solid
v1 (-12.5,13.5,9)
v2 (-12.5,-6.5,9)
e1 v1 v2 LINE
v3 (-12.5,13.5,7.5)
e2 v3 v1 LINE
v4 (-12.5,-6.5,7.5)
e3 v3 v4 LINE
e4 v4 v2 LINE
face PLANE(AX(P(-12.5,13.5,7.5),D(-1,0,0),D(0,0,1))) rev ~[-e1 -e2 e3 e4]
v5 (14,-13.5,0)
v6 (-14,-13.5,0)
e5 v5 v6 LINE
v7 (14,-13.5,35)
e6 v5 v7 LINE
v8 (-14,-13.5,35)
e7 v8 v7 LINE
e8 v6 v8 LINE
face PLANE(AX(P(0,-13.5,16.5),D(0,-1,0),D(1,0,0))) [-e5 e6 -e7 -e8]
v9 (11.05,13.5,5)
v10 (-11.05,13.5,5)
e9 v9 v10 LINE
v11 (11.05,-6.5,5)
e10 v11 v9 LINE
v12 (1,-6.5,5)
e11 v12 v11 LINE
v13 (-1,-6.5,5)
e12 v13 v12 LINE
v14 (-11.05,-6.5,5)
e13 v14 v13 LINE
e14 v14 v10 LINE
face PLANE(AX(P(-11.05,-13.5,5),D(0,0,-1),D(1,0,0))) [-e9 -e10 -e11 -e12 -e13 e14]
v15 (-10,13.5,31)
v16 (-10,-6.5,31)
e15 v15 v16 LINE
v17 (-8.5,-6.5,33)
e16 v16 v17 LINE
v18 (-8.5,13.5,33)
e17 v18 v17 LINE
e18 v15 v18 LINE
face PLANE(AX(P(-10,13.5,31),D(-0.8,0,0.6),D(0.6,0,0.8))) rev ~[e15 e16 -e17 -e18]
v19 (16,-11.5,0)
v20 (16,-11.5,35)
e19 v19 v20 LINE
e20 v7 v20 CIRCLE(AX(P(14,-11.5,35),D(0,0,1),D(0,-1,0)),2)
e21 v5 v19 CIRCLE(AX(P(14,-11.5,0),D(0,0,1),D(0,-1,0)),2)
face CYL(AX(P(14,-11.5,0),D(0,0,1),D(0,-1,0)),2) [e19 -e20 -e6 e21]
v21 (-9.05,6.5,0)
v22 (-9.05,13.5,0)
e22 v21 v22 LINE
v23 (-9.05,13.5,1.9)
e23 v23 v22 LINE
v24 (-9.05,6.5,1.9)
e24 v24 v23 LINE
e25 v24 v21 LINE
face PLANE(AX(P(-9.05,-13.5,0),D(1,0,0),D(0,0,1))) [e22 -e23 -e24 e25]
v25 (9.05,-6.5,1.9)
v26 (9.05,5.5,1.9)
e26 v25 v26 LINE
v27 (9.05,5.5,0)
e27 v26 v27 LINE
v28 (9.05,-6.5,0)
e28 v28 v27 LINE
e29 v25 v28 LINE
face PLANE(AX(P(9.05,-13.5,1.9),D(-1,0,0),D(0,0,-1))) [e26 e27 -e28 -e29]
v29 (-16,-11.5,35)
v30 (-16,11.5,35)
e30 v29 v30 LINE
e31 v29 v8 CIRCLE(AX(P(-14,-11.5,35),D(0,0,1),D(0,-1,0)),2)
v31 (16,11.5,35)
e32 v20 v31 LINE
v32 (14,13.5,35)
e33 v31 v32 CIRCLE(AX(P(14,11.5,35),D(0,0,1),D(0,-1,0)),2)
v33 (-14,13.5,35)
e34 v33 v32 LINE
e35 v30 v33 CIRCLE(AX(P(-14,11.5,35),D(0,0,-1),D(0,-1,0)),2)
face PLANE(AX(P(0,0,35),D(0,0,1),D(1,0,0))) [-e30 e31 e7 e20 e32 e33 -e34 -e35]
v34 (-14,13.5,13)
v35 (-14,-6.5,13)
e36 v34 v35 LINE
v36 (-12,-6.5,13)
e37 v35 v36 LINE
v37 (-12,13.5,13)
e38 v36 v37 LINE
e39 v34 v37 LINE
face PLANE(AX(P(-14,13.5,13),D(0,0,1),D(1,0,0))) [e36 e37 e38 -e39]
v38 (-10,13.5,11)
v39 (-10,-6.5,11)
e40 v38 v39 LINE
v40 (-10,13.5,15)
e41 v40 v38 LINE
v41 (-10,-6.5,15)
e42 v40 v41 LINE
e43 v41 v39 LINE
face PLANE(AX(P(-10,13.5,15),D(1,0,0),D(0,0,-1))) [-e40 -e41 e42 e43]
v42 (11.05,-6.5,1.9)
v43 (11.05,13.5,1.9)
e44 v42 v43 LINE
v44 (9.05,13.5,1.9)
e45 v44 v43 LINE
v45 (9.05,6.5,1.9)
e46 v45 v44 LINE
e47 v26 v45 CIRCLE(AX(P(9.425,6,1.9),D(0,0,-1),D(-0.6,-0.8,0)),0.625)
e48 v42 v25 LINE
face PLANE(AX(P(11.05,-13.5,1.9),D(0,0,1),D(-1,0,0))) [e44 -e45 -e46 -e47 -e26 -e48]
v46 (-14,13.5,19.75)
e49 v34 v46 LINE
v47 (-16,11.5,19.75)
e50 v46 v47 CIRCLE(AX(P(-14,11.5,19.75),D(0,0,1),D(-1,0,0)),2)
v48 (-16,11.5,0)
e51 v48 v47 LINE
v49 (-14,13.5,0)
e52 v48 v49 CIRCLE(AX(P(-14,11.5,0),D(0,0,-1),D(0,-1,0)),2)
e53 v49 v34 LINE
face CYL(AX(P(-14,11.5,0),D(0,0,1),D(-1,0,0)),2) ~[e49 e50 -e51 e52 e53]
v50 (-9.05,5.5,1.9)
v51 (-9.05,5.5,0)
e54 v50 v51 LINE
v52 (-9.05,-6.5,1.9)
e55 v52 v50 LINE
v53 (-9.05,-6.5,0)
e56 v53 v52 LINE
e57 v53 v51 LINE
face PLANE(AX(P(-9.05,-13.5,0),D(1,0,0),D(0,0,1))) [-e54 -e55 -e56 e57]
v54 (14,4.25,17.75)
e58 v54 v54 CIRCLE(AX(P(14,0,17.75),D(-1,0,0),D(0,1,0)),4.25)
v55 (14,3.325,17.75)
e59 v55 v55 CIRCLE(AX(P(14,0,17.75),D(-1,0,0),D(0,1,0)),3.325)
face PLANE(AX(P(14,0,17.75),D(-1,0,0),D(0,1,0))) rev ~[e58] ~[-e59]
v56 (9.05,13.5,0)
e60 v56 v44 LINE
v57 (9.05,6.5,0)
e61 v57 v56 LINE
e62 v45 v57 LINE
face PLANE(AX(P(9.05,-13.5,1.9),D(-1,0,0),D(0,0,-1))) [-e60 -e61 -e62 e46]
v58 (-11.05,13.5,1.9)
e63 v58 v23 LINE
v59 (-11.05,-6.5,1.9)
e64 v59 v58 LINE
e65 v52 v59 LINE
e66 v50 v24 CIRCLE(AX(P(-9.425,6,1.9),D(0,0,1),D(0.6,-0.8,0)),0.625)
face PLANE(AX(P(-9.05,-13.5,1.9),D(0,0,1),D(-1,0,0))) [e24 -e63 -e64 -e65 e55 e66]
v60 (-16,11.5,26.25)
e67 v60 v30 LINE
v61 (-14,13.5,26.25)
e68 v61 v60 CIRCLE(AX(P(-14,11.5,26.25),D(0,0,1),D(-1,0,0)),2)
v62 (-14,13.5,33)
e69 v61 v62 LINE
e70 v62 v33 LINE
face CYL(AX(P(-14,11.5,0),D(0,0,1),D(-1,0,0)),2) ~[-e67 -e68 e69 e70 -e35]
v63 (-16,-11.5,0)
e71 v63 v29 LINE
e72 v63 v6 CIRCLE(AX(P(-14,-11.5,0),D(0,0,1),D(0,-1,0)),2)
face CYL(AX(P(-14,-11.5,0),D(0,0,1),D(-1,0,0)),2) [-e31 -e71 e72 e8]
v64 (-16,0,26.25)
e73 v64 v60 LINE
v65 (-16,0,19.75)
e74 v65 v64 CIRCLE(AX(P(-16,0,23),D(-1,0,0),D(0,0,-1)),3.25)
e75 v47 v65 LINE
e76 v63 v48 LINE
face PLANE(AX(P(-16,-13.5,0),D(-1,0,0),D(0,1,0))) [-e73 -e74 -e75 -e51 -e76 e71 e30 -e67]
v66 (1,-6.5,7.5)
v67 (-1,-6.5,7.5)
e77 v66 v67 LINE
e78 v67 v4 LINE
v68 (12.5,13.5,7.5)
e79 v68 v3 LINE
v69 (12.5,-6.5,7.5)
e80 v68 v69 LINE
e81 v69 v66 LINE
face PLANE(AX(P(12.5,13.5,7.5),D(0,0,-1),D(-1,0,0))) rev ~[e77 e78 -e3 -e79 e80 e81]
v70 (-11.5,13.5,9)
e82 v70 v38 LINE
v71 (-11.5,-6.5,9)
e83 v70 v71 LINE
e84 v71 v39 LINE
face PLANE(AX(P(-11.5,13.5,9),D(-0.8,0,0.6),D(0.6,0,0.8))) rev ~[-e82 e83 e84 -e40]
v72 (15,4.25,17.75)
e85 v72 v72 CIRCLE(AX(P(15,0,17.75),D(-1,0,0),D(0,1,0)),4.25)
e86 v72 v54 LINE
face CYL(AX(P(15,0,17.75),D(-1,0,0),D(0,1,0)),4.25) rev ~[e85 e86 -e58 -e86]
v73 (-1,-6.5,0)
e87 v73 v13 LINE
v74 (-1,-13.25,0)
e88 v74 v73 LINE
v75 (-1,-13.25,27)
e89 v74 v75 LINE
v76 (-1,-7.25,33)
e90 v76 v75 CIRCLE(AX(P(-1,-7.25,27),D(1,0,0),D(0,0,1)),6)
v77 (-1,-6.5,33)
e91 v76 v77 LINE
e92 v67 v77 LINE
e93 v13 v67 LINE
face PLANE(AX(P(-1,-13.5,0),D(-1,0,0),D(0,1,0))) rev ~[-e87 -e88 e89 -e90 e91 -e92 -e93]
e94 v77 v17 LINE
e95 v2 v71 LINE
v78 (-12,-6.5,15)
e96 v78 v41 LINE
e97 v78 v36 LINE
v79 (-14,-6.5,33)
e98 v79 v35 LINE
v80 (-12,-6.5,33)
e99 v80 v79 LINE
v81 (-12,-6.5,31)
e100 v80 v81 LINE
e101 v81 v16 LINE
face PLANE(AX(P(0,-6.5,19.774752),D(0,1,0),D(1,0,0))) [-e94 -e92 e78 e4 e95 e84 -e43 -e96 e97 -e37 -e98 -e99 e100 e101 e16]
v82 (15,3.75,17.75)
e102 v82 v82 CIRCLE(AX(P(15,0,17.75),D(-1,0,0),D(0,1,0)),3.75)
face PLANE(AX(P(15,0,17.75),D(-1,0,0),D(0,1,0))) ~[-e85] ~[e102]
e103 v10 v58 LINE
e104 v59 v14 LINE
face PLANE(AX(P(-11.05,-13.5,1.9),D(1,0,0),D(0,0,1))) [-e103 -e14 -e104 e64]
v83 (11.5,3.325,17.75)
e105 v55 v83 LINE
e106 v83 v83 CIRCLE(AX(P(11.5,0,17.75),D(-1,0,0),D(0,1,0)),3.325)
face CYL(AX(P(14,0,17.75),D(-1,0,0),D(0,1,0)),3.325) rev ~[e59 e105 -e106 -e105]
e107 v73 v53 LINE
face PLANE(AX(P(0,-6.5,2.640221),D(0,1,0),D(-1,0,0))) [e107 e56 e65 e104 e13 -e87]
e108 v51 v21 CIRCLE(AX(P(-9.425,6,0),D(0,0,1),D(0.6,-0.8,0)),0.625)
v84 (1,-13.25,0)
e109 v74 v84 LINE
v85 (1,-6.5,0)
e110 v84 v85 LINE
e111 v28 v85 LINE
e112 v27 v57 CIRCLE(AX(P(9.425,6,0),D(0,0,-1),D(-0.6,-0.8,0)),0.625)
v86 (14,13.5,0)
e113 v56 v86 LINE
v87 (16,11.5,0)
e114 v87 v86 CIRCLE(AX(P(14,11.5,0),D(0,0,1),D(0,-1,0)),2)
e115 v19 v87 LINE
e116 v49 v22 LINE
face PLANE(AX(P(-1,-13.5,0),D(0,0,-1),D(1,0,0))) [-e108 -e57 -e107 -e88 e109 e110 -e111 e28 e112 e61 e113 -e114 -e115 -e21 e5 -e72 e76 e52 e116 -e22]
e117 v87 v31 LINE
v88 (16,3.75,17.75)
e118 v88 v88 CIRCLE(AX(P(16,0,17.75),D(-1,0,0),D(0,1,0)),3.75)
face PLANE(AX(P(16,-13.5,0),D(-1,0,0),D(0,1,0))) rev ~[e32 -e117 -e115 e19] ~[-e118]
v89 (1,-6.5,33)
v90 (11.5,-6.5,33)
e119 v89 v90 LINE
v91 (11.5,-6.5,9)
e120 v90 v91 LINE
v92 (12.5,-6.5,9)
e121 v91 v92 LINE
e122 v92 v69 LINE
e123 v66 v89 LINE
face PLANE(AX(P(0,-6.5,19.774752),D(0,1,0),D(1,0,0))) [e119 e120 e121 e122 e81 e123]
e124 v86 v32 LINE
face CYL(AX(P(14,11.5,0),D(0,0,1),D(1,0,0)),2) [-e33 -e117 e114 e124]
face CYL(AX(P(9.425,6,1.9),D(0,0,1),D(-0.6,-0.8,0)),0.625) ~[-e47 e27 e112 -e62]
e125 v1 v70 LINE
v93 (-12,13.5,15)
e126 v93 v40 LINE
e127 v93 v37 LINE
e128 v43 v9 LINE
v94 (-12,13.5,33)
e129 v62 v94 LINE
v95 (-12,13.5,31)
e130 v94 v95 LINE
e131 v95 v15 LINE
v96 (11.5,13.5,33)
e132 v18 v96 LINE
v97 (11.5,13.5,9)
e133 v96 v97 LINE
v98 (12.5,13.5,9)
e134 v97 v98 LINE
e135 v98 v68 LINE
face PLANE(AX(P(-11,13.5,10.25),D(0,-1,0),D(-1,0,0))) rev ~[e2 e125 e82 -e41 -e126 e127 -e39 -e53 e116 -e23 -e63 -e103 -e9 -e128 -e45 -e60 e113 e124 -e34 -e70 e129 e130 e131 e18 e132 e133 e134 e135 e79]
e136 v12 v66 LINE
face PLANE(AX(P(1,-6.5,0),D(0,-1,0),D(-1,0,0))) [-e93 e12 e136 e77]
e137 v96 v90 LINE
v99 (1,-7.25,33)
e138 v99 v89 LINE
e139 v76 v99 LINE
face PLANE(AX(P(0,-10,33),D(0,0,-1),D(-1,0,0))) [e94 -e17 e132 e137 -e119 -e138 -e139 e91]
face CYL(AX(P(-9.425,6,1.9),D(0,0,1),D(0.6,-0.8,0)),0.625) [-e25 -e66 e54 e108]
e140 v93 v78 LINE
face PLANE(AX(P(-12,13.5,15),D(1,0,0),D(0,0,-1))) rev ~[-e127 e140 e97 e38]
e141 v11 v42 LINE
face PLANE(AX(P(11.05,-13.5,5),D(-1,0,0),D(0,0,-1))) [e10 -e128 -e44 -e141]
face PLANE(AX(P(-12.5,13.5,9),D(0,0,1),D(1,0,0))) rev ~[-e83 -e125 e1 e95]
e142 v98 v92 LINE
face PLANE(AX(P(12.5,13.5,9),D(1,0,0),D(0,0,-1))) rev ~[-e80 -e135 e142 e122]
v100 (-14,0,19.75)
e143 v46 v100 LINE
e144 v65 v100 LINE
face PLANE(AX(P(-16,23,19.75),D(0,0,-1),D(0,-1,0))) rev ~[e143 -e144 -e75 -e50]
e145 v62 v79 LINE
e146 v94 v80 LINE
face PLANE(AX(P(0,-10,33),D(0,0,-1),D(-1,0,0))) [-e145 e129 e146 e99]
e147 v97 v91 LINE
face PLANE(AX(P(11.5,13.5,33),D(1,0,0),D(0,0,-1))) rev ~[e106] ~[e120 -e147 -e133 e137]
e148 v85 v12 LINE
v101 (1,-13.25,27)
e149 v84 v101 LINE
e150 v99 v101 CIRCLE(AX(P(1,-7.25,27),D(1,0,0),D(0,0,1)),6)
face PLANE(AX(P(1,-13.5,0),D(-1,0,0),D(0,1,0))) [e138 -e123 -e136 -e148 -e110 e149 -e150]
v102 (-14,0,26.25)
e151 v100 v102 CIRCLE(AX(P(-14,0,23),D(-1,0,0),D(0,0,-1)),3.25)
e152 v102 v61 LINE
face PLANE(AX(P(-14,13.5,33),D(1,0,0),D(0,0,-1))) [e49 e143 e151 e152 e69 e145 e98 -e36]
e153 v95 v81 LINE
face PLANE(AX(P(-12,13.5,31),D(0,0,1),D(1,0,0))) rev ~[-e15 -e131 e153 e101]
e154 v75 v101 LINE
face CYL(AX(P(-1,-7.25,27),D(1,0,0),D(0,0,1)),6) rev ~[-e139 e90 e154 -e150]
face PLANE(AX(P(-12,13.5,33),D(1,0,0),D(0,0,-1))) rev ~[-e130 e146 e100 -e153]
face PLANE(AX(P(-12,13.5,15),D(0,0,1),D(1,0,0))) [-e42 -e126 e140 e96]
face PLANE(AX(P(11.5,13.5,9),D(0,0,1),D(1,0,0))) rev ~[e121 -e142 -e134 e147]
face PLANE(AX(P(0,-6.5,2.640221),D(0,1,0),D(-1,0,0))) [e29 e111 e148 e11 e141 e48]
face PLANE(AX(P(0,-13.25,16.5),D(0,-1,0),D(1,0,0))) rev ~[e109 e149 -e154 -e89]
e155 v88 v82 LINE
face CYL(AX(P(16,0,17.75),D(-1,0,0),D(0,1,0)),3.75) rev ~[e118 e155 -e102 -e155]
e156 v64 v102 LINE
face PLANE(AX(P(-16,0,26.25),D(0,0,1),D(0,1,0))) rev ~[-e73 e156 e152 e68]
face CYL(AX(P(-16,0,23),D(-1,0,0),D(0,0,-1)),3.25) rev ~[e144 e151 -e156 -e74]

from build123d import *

# Parameters (mm, degrees)
SKETCH1_W               = 32
SKETCH1_H               = 27
BOSS_EXTRUDE1_DEPTH     = 35
FILLET1_R               = 2
CUT_EXTRUDE1_DEPTH      = 1
CUT_EXTRUDE1_DEPTH_BACK = 28
BOSS_EXTRUDE2_DEPTH     = 7
BOSS_EXTRUDE3_DEPTH     = 1.9
SKETCH5_W               = 2
SKETCH5_H               = 7
CUT_EXTRUDE2_DEPTH      = 33
CUT_EXTRUDE3_DEPTH      = 20
SKETCH7_W               = 2
SKETCH7_H               = 33
BOSS_EXTRUDE4_DEPTH     = 0.25
FILLET2_R               = 6
CUT_EXTRUDE5_DEPTH      = 4.5
SKETCH14_W              = 2.5
SKETCH14_H              = 20
CUT_EXTRUDE6_DEPTH      = 20
SKETCH16_W              = 2
SKETCH16_H              = 4
SKETCH16_H_2            = 2
BOSS_EXTRUDE5_DEPTH     = 20
BOSS_EXTRUDE6_DEPTH     = 20


with BuildPart() as part:
    # Sketch1 → Boss-Extrude1 (new body)
    with BuildSketch(Plane.XY):
        Rectangle(SKETCH1_W, SKETCH1_H)
    extrude(amount=BOSS_EXTRUDE1_DEPTH)

    # Fillet1
    fillet1_edges = [part.edges().sort_by_distance(p)[0] for p in [
        (16, -13.5, 17.5),
        (-16, -13.5, 17.5),
        (-16, 13.5, 17.5),
        (16, 13.5, 17.5),
    ]]
    fillet(fillet1_edges, radius=FILLET1_R)

    # Sketch2 → Cut-Extrude1 (cut, two sides)
    with BuildSketch(Plane.XZ.offset(13.5)) as cut_extrude1_sk:
        Polygon((-9.05, 0), (-9.05, 1.9), (-11.05, 1.9), (-11.05, 5), (11.05, 5), (11.05, 1.9), (9.05, 1.9), (9.05, 0), align=None)
    extrude(amount=CUT_EXTRUDE1_DEPTH, mode=Mode.SUBTRACT)
    extrude(cut_extrude1_sk.sketch, amount=-CUT_EXTRUDE1_DEPTH_BACK, mode=Mode.SUBTRACT)

    # Sketch3 → Boss-Extrude2 (add)
    with BuildSketch(Plane.XZ.offset(13.5)):
        Polygon((-9.05, 0), (-9.05, 1.9), (-11.05, 1.9), (-11.05, 5), (11.05, 5), (11.05, 1.9), (9.05, 1.9), (9.05, 0), align=None)
    extrude(amount=-BOSS_EXTRUDE2_DEPTH)

    # Sketch4 → Boss-Extrude3 (add)
    with BuildSketch(Plane(origin=(0, 0, 1.9), x_dir=(-1, 0, 0), z_dir=(0, 0, -1))):
        with BuildLine():
            Line((-9.05, 6.5), (-9.05, 5.5))
            ThreePointArc((-9.05, 5.5), (-8.8, 6), (-9.05, 6.5))
        make_face()
    boss_extrude3 = extrude(amount=BOSS_EXTRUDE3_DEPTH)

    # Mirror1: Boss-Extrude3 across plane
    add(boss_extrude3.mirror(Plane(origin=(0, 0, 0), x_dir=(0, 0, 1), z_dir=(1, 0, 0))))

    # Sketch5 → Cut-Extrude2 (cut)
    with BuildSketch(Plane(origin=(0, 0, 0), x_dir=(-1, 0, 0), z_dir=(0, 0, -1))):
        with Locations((0, -10)):
            Rectangle(SKETCH5_W, SKETCH5_H)
    extrude(amount=-CUT_EXTRUDE2_DEPTH, mode=Mode.SUBTRACT)

    # Sketch6 → Cut-Extrude3 (cut)
    with BuildSketch(Plane(origin=(0, 13.5, 0), x_dir=(1, 0, 0), z_dir=(0, 1, 0))):
        Polygon((-12.5, -7.5), (-12.5, -9), (-11.5, -9), (-11.5, -33), (11.5, -33), (11.5, -9), (12.5, -9), (12.5, -7.5), align=None)
    extrude(amount=-CUT_EXTRUDE3_DEPTH, mode=Mode.SUBTRACT)

    # Sketch7 → Boss-Extrude4 (add)
    with BuildSketch(Plane.XZ.offset(13.5)):
        with Locations((0, 16.5)):
            Rectangle(SKETCH7_W, SKETCH7_H)
    extrude(amount=-BOSS_EXTRUDE4_DEPTH)

    # Fillet2
    fillet2_edges = [part.edges().sort_by_distance(p)[0] for p in [
        (0, -13.25, 33),
    ]]
    fillet(fillet2_edges, radius=FILLET2_R)

    # Sketch9 → Cut-Revolve1 (revolve, cut)
    with BuildSketch(Plane(origin=(0, 0, 17.75), x_dir=(-1, 0, 0), z_dir=(0, 0, -1))):
        Polygon((-15, 4.25), (-14, 4.25), (-14, 3.325), (-11.5, 3.325), (-11.5, 0), (-16, 0), (-16, 3.75), (-15, 3.75), align=None)
    revolve(axis=Axis((16, 0, 17.75), (-1, 0, 0)), mode=Mode.SUBTRACT)

    # Sketch11 → Cut-Extrude5 (cut)
    with BuildSketch(Plane(origin=(-16, 0, 44), x_dir=(0, 0, -1), z_dir=(1, 0, 0))):
        with BuildLine():
            Line((24.25, 23), (24.25, 0))
            ThreePointArc((24.25, 0), (21, -3.25), (17.75, 0))
            Line((17.75, 0), (17.75, 23))
            ThreePointArc((17.75, 23), (21, 26.25), (24.25, 23))
        make_face()
    extrude(amount=CUT_EXTRUDE5_DEPTH, mode=Mode.SUBTRACT)

    # Sketch14 → Cut-Extrude6 (cut)
    with BuildSketch(Plane(origin=(0, 13.5, 0), x_dir=(1, 0, 0), z_dir=(0, 1, 0))):
        with Locations((-12.75, -23)):
            Rectangle(SKETCH14_W, SKETCH14_H)
    extrude(amount=-CUT_EXTRUDE6_DEPTH, mode=Mode.SUBTRACT)

    # Sketch16 → Boss-Extrude5 (add)
    with BuildSketch(Plane(origin=(0, 13.5, 0), x_dir=(1, 0, 0), z_dir=(0, 1, 0))):
        with Locations((-11, -13)):
            Rectangle(SKETCH16_W, SKETCH16_H)
        with Locations((-11, -32)):
            Rectangle(SKETCH16_W, SKETCH16_H_2)
    extrude(amount=-BOSS_EXTRUDE5_DEPTH)

    # Sketch20 → Boss-Extrude6 (add)
    with BuildSketch(Plane(origin=(0, 13.5, 0), x_dir=(1, 0, 0), z_dir=(0, 1, 0))):
        Polygon((-11.5, -9), (-10, -11), (-11.5, -11), align=None)
        Polygon((-10, -31), (-8.5, -33), (-10, -33), align=None)
    extrude(amount=-BOSS_EXTRUDE6_DEPTH)


solid = part.part
